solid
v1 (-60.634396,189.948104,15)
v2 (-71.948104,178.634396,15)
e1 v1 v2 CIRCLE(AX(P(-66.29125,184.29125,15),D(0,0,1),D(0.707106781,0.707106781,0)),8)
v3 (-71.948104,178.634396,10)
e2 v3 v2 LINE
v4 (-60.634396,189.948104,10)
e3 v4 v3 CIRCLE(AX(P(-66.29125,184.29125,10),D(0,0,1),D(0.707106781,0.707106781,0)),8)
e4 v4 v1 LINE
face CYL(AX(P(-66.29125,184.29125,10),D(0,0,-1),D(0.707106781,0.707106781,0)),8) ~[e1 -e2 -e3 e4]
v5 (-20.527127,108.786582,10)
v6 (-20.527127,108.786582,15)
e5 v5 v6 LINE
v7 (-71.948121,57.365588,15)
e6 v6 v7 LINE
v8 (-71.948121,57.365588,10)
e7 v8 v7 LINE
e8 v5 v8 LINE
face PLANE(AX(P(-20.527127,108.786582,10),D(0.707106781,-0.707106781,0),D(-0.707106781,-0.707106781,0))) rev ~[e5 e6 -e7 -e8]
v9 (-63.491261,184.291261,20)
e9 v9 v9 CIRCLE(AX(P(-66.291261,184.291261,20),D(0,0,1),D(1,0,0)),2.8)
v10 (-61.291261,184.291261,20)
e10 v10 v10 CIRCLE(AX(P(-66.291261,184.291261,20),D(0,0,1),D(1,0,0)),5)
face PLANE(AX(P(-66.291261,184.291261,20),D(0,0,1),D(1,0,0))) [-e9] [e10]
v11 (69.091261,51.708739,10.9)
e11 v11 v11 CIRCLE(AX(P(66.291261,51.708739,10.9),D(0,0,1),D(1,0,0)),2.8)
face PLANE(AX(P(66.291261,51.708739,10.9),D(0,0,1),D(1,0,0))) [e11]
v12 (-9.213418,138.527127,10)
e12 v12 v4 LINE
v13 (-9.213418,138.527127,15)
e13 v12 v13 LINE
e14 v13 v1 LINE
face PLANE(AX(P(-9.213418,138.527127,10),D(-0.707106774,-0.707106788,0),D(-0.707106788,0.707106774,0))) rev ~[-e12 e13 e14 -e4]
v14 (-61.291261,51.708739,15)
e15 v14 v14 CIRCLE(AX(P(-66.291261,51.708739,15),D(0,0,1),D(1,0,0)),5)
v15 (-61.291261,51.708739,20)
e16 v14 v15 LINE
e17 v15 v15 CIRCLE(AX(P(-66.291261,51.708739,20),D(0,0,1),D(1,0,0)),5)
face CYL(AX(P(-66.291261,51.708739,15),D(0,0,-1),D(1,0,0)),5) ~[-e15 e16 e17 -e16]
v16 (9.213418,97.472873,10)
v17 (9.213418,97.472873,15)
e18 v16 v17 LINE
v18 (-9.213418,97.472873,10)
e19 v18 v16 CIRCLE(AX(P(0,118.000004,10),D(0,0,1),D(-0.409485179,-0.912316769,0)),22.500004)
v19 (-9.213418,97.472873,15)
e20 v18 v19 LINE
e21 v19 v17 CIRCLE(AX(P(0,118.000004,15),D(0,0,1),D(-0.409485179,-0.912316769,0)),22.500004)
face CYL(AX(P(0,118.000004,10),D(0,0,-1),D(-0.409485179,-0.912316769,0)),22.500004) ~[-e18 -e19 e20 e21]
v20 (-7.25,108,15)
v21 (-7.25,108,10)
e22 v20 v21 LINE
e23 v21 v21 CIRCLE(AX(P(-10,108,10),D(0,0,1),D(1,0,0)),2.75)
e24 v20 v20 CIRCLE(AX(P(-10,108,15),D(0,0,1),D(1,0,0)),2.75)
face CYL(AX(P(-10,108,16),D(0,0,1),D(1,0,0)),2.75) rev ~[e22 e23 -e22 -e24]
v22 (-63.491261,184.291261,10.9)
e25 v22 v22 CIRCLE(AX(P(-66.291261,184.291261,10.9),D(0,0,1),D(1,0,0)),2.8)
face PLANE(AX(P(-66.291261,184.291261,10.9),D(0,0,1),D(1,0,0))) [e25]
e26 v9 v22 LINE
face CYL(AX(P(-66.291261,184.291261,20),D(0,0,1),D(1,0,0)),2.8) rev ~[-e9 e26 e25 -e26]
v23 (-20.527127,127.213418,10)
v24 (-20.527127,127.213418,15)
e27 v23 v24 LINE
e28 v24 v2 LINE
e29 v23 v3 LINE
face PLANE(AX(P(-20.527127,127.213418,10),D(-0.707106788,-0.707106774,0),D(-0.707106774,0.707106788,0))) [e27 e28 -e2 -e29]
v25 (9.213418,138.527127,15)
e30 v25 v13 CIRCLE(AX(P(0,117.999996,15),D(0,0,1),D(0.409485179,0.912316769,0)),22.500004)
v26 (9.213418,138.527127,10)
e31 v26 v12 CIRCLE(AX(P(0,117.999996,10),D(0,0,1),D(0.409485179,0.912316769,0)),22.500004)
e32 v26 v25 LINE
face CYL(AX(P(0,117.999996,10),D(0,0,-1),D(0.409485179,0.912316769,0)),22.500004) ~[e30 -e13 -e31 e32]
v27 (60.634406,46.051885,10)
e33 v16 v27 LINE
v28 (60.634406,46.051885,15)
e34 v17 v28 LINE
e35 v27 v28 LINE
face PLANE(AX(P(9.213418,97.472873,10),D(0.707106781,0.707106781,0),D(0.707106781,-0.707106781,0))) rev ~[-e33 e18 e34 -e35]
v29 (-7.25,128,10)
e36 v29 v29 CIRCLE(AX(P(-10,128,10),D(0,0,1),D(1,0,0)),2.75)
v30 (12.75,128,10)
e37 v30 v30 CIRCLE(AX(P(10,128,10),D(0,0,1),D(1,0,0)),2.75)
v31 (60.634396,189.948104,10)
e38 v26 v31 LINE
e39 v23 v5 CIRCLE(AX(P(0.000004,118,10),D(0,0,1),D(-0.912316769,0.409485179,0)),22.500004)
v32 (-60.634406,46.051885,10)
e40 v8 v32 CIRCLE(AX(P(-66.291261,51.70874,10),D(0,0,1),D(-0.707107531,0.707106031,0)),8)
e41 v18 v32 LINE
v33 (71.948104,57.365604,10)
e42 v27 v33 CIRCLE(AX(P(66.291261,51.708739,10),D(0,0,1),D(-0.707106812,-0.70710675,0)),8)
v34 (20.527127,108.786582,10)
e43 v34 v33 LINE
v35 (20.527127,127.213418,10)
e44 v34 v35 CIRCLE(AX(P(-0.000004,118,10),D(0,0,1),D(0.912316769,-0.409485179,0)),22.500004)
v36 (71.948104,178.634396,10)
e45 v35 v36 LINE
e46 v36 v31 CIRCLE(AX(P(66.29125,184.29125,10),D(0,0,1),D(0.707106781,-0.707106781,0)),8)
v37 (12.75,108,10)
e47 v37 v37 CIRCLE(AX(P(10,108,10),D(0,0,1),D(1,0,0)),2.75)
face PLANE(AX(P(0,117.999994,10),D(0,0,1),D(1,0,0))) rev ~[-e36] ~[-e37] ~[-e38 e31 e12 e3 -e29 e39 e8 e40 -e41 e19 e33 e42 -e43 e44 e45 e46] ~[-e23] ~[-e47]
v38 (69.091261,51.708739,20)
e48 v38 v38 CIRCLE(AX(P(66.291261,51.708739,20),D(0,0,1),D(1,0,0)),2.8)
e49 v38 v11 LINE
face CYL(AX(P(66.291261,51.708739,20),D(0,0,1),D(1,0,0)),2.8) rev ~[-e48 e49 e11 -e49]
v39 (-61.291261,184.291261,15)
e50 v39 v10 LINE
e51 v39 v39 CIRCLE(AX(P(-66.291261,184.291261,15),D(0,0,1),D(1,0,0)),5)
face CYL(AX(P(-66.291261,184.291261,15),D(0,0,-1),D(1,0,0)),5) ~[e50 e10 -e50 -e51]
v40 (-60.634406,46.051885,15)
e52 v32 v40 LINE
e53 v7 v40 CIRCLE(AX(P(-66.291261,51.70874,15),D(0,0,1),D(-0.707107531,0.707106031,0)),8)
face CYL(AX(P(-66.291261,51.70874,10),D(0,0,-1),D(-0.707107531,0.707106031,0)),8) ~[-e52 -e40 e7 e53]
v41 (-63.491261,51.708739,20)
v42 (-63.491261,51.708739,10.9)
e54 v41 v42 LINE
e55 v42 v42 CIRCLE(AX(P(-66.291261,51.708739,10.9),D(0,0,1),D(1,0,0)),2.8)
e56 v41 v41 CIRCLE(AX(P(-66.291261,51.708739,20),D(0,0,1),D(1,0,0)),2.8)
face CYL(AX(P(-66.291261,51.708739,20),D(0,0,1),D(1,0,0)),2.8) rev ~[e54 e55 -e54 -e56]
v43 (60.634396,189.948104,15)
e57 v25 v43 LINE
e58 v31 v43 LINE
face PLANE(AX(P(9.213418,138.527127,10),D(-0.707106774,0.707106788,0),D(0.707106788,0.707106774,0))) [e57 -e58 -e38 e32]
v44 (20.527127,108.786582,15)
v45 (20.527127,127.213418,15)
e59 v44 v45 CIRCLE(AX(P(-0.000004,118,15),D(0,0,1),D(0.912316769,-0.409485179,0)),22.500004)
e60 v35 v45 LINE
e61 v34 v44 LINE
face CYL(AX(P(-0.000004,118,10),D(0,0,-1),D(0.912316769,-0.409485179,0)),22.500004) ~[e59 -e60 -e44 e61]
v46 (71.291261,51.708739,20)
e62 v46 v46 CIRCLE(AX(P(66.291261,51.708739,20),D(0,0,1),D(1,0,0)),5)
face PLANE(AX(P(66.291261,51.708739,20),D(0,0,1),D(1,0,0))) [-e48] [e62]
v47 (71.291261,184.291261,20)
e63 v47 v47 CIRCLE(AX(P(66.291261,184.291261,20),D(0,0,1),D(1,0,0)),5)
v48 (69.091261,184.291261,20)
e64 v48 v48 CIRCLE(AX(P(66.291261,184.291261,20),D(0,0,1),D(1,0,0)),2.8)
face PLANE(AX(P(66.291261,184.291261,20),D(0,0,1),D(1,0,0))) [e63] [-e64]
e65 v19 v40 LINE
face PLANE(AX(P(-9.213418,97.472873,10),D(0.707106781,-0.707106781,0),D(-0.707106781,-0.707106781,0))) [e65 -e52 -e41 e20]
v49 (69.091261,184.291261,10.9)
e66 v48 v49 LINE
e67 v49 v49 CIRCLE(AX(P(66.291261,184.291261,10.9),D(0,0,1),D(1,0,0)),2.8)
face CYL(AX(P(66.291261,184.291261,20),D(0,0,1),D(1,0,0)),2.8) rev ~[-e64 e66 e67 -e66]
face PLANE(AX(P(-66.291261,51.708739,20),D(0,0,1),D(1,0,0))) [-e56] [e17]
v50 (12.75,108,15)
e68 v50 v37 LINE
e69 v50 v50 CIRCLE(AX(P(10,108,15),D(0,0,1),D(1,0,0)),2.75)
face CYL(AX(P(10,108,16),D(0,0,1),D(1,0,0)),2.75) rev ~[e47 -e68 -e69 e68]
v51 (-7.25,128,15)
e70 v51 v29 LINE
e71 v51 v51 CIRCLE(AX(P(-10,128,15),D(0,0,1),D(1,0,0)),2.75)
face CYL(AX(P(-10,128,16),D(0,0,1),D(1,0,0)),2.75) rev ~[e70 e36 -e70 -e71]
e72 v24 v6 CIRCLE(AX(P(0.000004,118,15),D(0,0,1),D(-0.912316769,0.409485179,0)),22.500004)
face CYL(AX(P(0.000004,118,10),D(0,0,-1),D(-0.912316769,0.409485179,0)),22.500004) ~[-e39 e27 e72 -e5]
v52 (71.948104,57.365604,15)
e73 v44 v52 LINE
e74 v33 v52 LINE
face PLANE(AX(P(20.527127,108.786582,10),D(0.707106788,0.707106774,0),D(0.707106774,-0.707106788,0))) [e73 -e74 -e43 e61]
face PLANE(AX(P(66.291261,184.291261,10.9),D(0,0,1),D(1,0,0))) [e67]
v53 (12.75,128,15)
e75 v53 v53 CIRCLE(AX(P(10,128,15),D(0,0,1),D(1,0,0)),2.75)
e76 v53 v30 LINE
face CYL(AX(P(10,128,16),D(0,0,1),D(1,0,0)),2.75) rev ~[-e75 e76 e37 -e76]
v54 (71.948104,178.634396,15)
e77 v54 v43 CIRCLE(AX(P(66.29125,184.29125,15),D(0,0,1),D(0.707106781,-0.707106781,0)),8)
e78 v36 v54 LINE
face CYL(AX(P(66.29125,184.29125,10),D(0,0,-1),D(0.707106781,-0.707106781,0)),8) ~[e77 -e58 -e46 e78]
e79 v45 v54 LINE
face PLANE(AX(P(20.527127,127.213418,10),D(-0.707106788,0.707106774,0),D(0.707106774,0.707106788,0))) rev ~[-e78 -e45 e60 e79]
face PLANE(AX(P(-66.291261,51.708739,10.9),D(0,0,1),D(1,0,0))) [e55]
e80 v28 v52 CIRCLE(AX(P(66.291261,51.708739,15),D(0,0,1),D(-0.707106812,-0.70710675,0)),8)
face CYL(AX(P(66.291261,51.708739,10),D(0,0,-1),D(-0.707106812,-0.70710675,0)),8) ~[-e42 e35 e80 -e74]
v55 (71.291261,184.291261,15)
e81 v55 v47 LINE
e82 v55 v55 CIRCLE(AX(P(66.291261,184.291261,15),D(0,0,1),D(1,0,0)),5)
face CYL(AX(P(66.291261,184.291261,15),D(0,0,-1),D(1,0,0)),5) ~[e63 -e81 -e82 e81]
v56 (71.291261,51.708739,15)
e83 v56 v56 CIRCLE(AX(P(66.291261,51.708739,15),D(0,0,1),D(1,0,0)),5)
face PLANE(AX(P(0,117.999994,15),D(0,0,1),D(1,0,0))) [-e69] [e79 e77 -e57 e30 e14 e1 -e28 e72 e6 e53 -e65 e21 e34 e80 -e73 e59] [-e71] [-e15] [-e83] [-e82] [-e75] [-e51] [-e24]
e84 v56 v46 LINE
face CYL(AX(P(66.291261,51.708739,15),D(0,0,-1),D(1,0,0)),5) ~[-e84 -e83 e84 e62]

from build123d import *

# Parameters (mm, degrees)
PAD045_DEPTH    = 5
SKETCH132_R     = 2.75
HOLE028_DEPTH   = 25
SKETCH141_R     = 5
PAD049_DEPTH    = 5
SKETCH136_R     = 2.8
POCKET041_DEPTH = 9.1


with BuildPart() as part:
    # Sketch129 → Pad045 (new body)
    with BuildSketch(Plane.XY):
        with BuildLine():
            ThreePointArc((-9.213418, 97.472873), (0, 95.5), (9.213418, 97.472873))
            Line((9.213418, 97.472873), (60.634406, 46.051885))
            ThreePointArc((60.634406, 46.051885), (71.94812, 46.05189), (71.948104, 57.365604))
            Line((20.527127, 108.786582), (71.948104, 57.365604))
            ThreePointArc((20.527127, 108.786582), (22.5, 118), (20.527127, 127.213418))
            Line((20.527127, 127.213418), (71.948104, 178.634396))
            ThreePointArc((71.948104, 178.634396), (71.948104, 189.948104), (60.634396, 189.948104))
            Line((9.213418, 138.527127), (60.634396, 189.948104))
            ThreePointArc((9.213418, 138.527127), (0, 140.5), (-9.213418, 138.527127))
            Line((-9.213418, 138.527127), (-60.634396, 189.948104))
            ThreePointArc((-60.634396, 189.948104), (-71.948104, 189.948104), (-71.948104, 178.634396))
            Line((-20.527127, 127.213418), (-71.948104, 178.634396))
            ThreePointArc((-20.527127, 127.213418), (-22.5, 118), (-20.527127, 108.786582))
            Line((-20.527127, 108.786582), (-71.948121, 57.365588))
            ThreePointArc((-71.948121, 57.365588), (-71.948112, 46.051882), (-60.634406, 46.051885))
            Line((-9.213418, 97.472873), (-60.634406, 46.051885))
        make_face()
    extrude(amount=PAD045_DEPTH)

    # Sketch132 → Hole028 (cut)
    with BuildSketch(Plane.XY.offset(6)):
        with Locations((10, 128)):
            Circle(SKETCH132_R)
        with Locations((10, 108)):
            Circle(SKETCH132_R)
        with Locations((-10, 108)):
            Circle(SKETCH132_R)
        with Locations((-10, 128)):
            Circle(SKETCH132_R)
    extrude(amount=-HOLE028_DEPTH, mode=Mode.SUBTRACT)

    # Sketch141 (on Face5 of Hole028) → Pad049 (join)
    with BuildSketch(Plane.XY.offset(5)):
        with Locations((-66.291261, 51.708739)):
            Circle(SKETCH141_R)
        with Locations((66.291261, 51.708739)):
            Circle(SKETCH141_R)
        with Locations((66.291261, 184.291261)):
            Circle(SKETCH141_R)
        with Locations((-66.291261, 184.291261)):
            Circle(SKETCH141_R)
    extrude(amount=PAD049_DEPTH)

    # Sketch136 (on Face30 of Pad049) → Pocket041 (cut)
    with BuildSketch(Plane.XY.offset(10)):
        with Locations((-66.291261, 184.291261)):
            Circle(SKETCH136_R)
        with Locations((66.291261, 184.291261)):
            Circle(SKETCH136_R)
        with Locations((66.291261, 51.708739)):
            Circle(SKETCH136_R)
        with Locations((-66.291261, 51.708739)):
            Circle(SKETCH136_R)
    extrude(amount=-POCKET041_DEPTH, mode=Mode.SUBTRACT)


with BuildPart() as part_1:
    # Body020 placement: moved
    add(part.part.moved(Location((0, 0, 10))))


solid = part_1.part
